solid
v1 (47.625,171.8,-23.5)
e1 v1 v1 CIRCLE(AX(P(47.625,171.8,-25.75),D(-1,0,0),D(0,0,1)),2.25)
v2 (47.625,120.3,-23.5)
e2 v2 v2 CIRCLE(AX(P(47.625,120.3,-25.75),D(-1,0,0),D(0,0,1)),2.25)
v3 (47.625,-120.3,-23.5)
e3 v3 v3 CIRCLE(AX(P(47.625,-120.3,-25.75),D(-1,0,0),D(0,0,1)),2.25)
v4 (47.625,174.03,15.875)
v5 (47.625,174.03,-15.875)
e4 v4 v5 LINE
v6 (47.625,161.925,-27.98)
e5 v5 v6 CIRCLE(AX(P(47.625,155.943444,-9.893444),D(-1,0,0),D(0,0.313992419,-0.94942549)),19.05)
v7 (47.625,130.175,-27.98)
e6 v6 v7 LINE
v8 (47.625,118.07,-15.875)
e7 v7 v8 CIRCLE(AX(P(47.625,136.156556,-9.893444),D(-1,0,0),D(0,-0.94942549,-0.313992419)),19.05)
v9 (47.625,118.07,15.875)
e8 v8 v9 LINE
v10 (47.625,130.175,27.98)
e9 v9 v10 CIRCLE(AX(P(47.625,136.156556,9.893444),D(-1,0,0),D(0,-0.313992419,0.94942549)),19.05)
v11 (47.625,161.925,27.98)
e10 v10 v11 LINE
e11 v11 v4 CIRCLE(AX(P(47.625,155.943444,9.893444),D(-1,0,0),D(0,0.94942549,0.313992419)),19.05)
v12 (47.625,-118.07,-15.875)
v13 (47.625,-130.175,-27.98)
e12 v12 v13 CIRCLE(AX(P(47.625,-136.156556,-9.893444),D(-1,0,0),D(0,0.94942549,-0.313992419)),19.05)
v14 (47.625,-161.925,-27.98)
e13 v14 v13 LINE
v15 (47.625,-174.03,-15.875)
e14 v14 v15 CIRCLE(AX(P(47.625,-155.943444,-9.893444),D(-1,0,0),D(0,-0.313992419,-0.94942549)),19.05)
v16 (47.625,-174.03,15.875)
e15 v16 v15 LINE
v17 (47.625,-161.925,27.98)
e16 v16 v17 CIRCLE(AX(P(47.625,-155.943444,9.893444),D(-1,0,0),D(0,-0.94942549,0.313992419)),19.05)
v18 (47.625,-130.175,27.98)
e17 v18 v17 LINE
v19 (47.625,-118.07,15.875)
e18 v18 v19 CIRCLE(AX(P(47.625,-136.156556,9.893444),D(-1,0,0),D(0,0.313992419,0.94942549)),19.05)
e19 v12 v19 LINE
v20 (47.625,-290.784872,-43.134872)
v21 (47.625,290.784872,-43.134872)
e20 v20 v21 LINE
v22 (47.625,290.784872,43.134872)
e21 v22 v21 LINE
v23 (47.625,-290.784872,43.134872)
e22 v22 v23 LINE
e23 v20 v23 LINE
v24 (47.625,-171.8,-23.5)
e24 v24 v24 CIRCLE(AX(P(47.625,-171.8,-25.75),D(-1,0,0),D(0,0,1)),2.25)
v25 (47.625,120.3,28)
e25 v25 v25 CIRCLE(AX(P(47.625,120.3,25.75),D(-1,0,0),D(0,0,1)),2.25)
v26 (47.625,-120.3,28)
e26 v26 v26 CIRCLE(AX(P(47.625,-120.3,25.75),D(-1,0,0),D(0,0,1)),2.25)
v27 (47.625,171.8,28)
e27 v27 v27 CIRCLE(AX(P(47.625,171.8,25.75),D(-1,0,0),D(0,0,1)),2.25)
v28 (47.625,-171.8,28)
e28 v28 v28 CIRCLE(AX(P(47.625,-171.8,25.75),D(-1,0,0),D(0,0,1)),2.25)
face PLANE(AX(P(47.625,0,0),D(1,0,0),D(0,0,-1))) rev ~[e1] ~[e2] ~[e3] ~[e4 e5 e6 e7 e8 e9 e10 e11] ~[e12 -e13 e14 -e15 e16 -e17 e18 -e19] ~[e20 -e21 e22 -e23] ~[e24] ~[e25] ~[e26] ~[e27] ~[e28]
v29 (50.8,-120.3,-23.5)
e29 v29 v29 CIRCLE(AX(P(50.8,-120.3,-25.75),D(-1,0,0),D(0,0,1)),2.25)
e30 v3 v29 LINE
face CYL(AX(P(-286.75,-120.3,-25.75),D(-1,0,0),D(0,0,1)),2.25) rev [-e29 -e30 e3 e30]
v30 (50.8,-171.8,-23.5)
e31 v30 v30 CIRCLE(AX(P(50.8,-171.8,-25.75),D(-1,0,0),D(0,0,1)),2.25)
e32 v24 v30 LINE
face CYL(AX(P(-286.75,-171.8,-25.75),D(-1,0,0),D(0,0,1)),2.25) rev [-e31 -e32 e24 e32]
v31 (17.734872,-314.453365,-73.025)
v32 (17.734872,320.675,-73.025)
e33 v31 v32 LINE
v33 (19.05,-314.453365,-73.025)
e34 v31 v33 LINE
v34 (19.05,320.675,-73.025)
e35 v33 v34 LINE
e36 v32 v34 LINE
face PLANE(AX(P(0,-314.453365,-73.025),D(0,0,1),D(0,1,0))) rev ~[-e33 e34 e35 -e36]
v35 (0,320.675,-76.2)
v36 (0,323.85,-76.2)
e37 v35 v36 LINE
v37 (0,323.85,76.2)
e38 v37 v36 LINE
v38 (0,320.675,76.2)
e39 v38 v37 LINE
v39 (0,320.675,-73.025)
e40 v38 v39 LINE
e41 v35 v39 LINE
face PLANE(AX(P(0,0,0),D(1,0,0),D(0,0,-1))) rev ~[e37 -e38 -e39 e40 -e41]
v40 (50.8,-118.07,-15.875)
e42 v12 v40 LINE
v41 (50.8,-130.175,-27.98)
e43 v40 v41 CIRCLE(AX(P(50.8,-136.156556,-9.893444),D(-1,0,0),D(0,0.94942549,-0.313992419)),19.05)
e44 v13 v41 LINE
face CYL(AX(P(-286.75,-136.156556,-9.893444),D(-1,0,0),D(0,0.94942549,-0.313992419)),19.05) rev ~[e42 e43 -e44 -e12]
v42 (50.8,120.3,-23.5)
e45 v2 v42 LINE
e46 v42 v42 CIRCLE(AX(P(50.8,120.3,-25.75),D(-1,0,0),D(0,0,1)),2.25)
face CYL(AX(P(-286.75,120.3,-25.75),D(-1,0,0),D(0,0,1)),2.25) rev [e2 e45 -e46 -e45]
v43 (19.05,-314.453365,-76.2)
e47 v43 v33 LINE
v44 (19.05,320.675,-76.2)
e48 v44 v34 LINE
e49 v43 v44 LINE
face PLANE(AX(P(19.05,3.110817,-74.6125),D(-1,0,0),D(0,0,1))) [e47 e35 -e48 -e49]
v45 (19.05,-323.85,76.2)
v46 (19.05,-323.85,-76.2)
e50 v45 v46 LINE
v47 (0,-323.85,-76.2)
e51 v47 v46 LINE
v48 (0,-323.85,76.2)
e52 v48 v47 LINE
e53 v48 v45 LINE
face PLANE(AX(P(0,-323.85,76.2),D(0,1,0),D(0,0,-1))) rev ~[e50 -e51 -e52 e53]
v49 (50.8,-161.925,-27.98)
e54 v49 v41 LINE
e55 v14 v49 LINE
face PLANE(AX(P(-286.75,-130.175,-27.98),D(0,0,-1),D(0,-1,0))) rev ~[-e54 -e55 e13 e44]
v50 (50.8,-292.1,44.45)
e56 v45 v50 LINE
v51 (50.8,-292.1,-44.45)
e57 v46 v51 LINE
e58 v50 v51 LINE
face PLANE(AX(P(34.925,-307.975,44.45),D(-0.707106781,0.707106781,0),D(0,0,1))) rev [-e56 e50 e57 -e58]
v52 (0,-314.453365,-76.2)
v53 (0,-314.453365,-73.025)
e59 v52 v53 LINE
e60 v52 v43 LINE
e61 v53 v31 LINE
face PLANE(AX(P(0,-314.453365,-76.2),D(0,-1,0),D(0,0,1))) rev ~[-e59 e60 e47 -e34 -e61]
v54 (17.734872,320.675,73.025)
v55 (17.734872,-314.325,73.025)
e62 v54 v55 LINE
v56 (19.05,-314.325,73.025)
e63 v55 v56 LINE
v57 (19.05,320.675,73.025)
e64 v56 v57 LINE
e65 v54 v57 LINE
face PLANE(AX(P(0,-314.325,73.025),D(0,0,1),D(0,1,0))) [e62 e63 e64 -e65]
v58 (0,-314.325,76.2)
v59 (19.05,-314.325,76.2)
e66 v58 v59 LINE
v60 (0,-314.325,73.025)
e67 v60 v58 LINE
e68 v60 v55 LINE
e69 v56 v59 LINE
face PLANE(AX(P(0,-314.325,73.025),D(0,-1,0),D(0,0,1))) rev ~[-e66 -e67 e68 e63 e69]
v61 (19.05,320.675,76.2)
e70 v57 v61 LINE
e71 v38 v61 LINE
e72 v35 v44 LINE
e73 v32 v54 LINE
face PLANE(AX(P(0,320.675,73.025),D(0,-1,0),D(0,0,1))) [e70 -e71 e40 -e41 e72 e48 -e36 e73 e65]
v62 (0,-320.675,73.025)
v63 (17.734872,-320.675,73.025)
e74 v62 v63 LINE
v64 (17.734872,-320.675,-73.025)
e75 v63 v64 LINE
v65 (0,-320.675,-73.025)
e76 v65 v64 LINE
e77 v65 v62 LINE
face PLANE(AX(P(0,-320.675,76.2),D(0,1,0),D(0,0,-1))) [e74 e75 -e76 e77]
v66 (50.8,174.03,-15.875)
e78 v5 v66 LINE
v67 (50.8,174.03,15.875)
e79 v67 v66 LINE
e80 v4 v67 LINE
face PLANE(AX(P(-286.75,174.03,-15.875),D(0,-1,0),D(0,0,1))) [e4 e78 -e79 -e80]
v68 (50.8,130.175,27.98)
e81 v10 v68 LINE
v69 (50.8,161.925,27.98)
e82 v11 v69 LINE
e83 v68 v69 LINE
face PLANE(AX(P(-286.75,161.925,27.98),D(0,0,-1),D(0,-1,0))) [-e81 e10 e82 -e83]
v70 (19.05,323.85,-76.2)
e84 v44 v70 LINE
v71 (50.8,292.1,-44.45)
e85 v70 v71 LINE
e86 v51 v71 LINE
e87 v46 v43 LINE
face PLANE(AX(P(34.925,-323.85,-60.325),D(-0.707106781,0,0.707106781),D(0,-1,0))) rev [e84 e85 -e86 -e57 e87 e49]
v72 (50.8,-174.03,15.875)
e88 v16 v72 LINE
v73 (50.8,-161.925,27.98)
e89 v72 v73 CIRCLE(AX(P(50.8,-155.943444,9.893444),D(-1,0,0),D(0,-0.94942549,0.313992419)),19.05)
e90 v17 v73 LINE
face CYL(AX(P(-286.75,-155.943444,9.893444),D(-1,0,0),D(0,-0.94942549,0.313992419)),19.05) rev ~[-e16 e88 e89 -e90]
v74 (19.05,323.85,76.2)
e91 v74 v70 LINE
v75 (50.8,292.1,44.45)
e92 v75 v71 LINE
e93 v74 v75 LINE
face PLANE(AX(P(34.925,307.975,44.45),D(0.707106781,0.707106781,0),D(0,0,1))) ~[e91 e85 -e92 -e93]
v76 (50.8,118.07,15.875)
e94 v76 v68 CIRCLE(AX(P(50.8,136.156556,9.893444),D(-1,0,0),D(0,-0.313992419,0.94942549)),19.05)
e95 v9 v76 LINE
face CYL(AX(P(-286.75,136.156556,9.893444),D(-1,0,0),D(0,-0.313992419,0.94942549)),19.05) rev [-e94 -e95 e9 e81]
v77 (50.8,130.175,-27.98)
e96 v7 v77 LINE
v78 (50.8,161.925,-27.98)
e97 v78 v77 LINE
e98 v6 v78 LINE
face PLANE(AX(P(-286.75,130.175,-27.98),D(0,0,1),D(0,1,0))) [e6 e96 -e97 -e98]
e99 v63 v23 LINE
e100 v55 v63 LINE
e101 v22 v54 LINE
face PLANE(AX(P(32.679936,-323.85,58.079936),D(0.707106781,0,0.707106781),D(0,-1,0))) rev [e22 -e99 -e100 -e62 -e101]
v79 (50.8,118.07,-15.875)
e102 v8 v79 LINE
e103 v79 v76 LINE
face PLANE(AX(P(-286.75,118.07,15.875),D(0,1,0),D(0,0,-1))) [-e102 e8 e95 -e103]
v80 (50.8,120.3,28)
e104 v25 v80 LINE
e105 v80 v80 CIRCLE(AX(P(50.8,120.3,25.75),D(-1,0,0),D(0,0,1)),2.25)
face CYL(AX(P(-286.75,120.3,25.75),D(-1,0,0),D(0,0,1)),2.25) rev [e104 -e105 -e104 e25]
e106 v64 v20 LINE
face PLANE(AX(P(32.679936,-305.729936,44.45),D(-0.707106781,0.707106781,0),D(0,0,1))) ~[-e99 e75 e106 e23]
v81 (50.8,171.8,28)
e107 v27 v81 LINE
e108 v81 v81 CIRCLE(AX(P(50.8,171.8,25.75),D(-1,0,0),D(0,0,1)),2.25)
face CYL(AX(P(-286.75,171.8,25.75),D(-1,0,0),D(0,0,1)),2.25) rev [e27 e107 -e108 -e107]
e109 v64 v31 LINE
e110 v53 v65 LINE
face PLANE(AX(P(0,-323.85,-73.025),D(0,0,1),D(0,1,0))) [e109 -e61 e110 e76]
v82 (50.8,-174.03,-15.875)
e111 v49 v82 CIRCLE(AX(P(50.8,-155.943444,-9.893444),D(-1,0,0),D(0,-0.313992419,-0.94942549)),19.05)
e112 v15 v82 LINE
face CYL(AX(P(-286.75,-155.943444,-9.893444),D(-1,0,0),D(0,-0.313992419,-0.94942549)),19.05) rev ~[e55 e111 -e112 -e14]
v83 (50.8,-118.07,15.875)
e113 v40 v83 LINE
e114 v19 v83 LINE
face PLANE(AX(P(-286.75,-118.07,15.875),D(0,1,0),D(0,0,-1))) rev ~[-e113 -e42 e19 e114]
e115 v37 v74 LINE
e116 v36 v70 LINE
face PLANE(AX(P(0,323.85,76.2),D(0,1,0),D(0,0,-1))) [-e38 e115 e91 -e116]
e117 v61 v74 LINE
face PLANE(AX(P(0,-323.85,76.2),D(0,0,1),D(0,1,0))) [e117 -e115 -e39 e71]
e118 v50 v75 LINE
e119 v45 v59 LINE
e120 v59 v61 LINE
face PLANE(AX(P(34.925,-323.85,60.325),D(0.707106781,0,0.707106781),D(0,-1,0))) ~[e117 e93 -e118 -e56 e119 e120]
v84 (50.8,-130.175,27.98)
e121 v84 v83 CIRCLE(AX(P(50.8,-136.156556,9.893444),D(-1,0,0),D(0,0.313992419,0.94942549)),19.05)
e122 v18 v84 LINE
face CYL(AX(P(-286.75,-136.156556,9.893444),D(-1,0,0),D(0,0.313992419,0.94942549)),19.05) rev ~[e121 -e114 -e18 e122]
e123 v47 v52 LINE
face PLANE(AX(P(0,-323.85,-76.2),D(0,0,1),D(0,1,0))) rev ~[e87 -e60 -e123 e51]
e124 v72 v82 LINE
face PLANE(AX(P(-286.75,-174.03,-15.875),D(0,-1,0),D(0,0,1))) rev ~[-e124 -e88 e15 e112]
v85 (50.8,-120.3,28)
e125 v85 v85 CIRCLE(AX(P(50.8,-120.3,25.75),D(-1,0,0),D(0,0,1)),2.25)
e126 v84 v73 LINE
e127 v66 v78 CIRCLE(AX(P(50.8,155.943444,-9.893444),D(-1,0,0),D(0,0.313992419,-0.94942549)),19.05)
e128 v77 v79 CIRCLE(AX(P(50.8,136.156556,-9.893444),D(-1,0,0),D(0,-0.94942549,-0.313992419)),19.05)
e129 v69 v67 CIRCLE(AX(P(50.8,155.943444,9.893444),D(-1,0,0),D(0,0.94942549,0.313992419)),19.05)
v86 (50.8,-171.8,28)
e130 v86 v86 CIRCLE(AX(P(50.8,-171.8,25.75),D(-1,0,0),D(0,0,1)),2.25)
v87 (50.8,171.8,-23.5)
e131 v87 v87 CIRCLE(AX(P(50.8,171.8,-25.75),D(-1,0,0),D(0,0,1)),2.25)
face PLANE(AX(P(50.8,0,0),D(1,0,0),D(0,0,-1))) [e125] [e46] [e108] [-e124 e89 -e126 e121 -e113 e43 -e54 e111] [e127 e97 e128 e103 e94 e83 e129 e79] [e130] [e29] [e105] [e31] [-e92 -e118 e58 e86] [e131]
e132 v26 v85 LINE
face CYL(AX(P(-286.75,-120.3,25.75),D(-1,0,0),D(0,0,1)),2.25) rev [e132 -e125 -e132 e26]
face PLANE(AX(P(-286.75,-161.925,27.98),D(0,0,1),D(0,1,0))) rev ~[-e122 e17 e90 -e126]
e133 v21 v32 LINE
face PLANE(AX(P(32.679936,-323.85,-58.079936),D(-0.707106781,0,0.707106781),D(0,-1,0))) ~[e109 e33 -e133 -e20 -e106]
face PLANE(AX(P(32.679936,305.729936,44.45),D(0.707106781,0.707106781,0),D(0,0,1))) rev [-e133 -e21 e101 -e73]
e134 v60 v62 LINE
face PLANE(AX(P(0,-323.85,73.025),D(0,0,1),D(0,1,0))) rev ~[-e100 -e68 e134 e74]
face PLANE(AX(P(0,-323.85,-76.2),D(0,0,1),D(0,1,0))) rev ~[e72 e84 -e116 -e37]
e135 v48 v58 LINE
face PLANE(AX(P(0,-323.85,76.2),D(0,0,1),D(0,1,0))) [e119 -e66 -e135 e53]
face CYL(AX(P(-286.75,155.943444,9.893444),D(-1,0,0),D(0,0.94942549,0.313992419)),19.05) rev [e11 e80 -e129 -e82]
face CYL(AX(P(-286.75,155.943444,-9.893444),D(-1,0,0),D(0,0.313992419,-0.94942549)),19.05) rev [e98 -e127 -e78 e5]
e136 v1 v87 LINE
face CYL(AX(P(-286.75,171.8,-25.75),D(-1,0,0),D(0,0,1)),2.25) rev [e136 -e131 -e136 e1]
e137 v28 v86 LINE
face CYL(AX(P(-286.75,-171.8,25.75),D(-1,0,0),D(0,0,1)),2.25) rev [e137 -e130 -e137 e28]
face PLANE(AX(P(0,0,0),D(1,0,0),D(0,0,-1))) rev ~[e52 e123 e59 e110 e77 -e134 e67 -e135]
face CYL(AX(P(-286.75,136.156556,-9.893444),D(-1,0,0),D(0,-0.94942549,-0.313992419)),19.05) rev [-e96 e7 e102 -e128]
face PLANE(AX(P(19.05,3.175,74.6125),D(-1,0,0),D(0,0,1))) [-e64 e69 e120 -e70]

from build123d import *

# Parameters (mm, degrees)
SKETCH2_W               = 152.4
SKETCH2_H               = 647.7
BOSS_EXTRUDE1_DEPTH     = 50.8
CHAMFER1_SIZE           = 31.75
CHAMFER2_SIZE           = 31.75
SHELL1_T                = -3.175
SKETCH3_W               = 3.175
SKETCH3_H               = 635.128365157
SKETCH3_H_2             = 635
CUT_EXTRUDE1_DEPTH      = 19.05
CUT_EXTRUDE2_DEPTH      = 337.55
CUT_EXTRUDE2_DEPTH_BACK = 337.55
SKETCH4_R               = 2.25


with BuildPart() as part:
    # Sketch2 → Boss-Extrude1 (new body)
    with BuildSketch(Plane(origin=(0, 0, 0), x_dir=(0, 0, -1), z_dir=(1, 0, 0))):
        Rectangle(SKETCH2_W, SKETCH2_H)
    extrude(amount=BOSS_EXTRUDE1_DEPTH)

    # Chamfer1
    chamfer1_edges = [part.edges().sort_by_distance(p)[0] for p in [
        (50.8, 0, 76.2),
        (50.8, 0, -76.2),
    ]]
    chamfer(chamfer1_edges, length=CHAMFER1_SIZE)

    # Chamfer2
    chamfer2_edges = [part.edges().sort_by_distance(p)[0] for p in [
        (50.8, -323.85, 0),
        (50.8, 323.85, 0),
    ]]
    chamfer(chamfer2_edges, length=CHAMFER2_SIZE)

    # Shell1
    shell1_openings = [part.faces().sort_by_distance(p)[0] for p in [
        (0, 0, 0),
    ]]
    offset(amount=SHELL1_T, openings=shell1_openings, kind=Kind.INTERSECTION)

    # Sketch3 → Cut-Extrude1 (cut)
    with BuildSketch(Plane.ZY):
        with Locations((-74.6125, 3.110817422)):
            Rectangle(SKETCH3_W, SKETCH3_H)
        with Locations((74.6125, 3.175)):
            Rectangle(SKETCH3_W, SKETCH3_H_2)
    extrude(amount=-CUT_EXTRUDE1_DEPTH, mode=Mode.SUBTRACT)

    # Sketch4 → Cut-Extrude2 (cut, two sides: drawn at the far end of the back side and taken through both)
    with BuildSketch(Plane(origin=(50.8, 0, 0), x_dir=(0, 0, -1), z_dir=(1, 0, 0)).offset(-CUT_EXTRUDE2_DEPTH_BACK)):
        with Locations(Location((-25.75, 171.8, 0), (0, 0, 180))):
            Circle(SKETCH4_R)
        with Locations(Location((25.75, 171.8, 0), (0, 0, 180))):
            Circle(SKETCH4_R)
        with Locations(Location((-25.75, 120.3, 0), (0, 0, 180))):
            Circle(SKETCH4_R)
        with Locations(Location((25.75, 120.3, 0), (0, 0, 180))):
            Circle(SKETCH4_R)
        with Locations(Location((-25.75, -120.3, 0), (0, 0, 180))):
            Circle(SKETCH4_R)
        with Locations(Location((25.75, -120.3, 0), (0, 0, 180))):
            Circle(SKETCH4_R)
        with Locations(Location((25.75, -171.8, 0), (0, 0, 180))):
            Circle(SKETCH4_R)
        with Locations(Location((-25.75, -171.8, 0), (0, 0, 180))):
            Circle(SKETCH4_R)
        with BuildLine():
            Line((-27.98, 161.925), (-27.98, 130.175))
            ThreePointArc((-27.98, 130.175), (-23.3638286, 122.6861714), (-15.875, 118.07))
            Line((-15.875, 118.07), (15.875, 118.07))
            ThreePointArc((15.875, 118.07), (23.3638286, 122.6861714), (27.98, 130.175))
            Line((27.98, 130.175), (27.98, 161.925))
            ThreePointArc((27.98, 161.925), (23.3638286, 169.4138286), (15.875, 174.03))
            Line((15.875, 174.03), (-15.875, 174.03))
            ThreePointArc((-15.875, 174.03), (-23.3638286, 169.4138286), (-27.98, 161.925))
        make_face()
        with BuildLine():
            Line((-27.98, -161.925), (-27.98, -130.175))
            ThreePointArc((-27.98, -130.175), (-23.3638286, -122.6861714), (-15.875, -118.07))
            Line((-15.875, -118.07), (15.875, -118.07))
            ThreePointArc((15.875, -118.07), (23.3638286, -122.6861714), (27.98, -130.175))
            Line((27.98, -130.175), (27.98, -161.925))
            ThreePointArc((27.98, -161.925), (23.3638286, -169.4138286), (15.875, -174.03))
            Line((15.875, -174.03), (-15.875, -174.03))
            ThreePointArc((-15.875, -174.03), (-23.3638286, -169.4138286), (-27.98, -161.925))
        make_face()
    extrude(amount=CUT_EXTRUDE2_DEPTH + CUT_EXTRUDE2_DEPTH_BACK, mode=Mode.SUBTRACT)


solid = part.part
